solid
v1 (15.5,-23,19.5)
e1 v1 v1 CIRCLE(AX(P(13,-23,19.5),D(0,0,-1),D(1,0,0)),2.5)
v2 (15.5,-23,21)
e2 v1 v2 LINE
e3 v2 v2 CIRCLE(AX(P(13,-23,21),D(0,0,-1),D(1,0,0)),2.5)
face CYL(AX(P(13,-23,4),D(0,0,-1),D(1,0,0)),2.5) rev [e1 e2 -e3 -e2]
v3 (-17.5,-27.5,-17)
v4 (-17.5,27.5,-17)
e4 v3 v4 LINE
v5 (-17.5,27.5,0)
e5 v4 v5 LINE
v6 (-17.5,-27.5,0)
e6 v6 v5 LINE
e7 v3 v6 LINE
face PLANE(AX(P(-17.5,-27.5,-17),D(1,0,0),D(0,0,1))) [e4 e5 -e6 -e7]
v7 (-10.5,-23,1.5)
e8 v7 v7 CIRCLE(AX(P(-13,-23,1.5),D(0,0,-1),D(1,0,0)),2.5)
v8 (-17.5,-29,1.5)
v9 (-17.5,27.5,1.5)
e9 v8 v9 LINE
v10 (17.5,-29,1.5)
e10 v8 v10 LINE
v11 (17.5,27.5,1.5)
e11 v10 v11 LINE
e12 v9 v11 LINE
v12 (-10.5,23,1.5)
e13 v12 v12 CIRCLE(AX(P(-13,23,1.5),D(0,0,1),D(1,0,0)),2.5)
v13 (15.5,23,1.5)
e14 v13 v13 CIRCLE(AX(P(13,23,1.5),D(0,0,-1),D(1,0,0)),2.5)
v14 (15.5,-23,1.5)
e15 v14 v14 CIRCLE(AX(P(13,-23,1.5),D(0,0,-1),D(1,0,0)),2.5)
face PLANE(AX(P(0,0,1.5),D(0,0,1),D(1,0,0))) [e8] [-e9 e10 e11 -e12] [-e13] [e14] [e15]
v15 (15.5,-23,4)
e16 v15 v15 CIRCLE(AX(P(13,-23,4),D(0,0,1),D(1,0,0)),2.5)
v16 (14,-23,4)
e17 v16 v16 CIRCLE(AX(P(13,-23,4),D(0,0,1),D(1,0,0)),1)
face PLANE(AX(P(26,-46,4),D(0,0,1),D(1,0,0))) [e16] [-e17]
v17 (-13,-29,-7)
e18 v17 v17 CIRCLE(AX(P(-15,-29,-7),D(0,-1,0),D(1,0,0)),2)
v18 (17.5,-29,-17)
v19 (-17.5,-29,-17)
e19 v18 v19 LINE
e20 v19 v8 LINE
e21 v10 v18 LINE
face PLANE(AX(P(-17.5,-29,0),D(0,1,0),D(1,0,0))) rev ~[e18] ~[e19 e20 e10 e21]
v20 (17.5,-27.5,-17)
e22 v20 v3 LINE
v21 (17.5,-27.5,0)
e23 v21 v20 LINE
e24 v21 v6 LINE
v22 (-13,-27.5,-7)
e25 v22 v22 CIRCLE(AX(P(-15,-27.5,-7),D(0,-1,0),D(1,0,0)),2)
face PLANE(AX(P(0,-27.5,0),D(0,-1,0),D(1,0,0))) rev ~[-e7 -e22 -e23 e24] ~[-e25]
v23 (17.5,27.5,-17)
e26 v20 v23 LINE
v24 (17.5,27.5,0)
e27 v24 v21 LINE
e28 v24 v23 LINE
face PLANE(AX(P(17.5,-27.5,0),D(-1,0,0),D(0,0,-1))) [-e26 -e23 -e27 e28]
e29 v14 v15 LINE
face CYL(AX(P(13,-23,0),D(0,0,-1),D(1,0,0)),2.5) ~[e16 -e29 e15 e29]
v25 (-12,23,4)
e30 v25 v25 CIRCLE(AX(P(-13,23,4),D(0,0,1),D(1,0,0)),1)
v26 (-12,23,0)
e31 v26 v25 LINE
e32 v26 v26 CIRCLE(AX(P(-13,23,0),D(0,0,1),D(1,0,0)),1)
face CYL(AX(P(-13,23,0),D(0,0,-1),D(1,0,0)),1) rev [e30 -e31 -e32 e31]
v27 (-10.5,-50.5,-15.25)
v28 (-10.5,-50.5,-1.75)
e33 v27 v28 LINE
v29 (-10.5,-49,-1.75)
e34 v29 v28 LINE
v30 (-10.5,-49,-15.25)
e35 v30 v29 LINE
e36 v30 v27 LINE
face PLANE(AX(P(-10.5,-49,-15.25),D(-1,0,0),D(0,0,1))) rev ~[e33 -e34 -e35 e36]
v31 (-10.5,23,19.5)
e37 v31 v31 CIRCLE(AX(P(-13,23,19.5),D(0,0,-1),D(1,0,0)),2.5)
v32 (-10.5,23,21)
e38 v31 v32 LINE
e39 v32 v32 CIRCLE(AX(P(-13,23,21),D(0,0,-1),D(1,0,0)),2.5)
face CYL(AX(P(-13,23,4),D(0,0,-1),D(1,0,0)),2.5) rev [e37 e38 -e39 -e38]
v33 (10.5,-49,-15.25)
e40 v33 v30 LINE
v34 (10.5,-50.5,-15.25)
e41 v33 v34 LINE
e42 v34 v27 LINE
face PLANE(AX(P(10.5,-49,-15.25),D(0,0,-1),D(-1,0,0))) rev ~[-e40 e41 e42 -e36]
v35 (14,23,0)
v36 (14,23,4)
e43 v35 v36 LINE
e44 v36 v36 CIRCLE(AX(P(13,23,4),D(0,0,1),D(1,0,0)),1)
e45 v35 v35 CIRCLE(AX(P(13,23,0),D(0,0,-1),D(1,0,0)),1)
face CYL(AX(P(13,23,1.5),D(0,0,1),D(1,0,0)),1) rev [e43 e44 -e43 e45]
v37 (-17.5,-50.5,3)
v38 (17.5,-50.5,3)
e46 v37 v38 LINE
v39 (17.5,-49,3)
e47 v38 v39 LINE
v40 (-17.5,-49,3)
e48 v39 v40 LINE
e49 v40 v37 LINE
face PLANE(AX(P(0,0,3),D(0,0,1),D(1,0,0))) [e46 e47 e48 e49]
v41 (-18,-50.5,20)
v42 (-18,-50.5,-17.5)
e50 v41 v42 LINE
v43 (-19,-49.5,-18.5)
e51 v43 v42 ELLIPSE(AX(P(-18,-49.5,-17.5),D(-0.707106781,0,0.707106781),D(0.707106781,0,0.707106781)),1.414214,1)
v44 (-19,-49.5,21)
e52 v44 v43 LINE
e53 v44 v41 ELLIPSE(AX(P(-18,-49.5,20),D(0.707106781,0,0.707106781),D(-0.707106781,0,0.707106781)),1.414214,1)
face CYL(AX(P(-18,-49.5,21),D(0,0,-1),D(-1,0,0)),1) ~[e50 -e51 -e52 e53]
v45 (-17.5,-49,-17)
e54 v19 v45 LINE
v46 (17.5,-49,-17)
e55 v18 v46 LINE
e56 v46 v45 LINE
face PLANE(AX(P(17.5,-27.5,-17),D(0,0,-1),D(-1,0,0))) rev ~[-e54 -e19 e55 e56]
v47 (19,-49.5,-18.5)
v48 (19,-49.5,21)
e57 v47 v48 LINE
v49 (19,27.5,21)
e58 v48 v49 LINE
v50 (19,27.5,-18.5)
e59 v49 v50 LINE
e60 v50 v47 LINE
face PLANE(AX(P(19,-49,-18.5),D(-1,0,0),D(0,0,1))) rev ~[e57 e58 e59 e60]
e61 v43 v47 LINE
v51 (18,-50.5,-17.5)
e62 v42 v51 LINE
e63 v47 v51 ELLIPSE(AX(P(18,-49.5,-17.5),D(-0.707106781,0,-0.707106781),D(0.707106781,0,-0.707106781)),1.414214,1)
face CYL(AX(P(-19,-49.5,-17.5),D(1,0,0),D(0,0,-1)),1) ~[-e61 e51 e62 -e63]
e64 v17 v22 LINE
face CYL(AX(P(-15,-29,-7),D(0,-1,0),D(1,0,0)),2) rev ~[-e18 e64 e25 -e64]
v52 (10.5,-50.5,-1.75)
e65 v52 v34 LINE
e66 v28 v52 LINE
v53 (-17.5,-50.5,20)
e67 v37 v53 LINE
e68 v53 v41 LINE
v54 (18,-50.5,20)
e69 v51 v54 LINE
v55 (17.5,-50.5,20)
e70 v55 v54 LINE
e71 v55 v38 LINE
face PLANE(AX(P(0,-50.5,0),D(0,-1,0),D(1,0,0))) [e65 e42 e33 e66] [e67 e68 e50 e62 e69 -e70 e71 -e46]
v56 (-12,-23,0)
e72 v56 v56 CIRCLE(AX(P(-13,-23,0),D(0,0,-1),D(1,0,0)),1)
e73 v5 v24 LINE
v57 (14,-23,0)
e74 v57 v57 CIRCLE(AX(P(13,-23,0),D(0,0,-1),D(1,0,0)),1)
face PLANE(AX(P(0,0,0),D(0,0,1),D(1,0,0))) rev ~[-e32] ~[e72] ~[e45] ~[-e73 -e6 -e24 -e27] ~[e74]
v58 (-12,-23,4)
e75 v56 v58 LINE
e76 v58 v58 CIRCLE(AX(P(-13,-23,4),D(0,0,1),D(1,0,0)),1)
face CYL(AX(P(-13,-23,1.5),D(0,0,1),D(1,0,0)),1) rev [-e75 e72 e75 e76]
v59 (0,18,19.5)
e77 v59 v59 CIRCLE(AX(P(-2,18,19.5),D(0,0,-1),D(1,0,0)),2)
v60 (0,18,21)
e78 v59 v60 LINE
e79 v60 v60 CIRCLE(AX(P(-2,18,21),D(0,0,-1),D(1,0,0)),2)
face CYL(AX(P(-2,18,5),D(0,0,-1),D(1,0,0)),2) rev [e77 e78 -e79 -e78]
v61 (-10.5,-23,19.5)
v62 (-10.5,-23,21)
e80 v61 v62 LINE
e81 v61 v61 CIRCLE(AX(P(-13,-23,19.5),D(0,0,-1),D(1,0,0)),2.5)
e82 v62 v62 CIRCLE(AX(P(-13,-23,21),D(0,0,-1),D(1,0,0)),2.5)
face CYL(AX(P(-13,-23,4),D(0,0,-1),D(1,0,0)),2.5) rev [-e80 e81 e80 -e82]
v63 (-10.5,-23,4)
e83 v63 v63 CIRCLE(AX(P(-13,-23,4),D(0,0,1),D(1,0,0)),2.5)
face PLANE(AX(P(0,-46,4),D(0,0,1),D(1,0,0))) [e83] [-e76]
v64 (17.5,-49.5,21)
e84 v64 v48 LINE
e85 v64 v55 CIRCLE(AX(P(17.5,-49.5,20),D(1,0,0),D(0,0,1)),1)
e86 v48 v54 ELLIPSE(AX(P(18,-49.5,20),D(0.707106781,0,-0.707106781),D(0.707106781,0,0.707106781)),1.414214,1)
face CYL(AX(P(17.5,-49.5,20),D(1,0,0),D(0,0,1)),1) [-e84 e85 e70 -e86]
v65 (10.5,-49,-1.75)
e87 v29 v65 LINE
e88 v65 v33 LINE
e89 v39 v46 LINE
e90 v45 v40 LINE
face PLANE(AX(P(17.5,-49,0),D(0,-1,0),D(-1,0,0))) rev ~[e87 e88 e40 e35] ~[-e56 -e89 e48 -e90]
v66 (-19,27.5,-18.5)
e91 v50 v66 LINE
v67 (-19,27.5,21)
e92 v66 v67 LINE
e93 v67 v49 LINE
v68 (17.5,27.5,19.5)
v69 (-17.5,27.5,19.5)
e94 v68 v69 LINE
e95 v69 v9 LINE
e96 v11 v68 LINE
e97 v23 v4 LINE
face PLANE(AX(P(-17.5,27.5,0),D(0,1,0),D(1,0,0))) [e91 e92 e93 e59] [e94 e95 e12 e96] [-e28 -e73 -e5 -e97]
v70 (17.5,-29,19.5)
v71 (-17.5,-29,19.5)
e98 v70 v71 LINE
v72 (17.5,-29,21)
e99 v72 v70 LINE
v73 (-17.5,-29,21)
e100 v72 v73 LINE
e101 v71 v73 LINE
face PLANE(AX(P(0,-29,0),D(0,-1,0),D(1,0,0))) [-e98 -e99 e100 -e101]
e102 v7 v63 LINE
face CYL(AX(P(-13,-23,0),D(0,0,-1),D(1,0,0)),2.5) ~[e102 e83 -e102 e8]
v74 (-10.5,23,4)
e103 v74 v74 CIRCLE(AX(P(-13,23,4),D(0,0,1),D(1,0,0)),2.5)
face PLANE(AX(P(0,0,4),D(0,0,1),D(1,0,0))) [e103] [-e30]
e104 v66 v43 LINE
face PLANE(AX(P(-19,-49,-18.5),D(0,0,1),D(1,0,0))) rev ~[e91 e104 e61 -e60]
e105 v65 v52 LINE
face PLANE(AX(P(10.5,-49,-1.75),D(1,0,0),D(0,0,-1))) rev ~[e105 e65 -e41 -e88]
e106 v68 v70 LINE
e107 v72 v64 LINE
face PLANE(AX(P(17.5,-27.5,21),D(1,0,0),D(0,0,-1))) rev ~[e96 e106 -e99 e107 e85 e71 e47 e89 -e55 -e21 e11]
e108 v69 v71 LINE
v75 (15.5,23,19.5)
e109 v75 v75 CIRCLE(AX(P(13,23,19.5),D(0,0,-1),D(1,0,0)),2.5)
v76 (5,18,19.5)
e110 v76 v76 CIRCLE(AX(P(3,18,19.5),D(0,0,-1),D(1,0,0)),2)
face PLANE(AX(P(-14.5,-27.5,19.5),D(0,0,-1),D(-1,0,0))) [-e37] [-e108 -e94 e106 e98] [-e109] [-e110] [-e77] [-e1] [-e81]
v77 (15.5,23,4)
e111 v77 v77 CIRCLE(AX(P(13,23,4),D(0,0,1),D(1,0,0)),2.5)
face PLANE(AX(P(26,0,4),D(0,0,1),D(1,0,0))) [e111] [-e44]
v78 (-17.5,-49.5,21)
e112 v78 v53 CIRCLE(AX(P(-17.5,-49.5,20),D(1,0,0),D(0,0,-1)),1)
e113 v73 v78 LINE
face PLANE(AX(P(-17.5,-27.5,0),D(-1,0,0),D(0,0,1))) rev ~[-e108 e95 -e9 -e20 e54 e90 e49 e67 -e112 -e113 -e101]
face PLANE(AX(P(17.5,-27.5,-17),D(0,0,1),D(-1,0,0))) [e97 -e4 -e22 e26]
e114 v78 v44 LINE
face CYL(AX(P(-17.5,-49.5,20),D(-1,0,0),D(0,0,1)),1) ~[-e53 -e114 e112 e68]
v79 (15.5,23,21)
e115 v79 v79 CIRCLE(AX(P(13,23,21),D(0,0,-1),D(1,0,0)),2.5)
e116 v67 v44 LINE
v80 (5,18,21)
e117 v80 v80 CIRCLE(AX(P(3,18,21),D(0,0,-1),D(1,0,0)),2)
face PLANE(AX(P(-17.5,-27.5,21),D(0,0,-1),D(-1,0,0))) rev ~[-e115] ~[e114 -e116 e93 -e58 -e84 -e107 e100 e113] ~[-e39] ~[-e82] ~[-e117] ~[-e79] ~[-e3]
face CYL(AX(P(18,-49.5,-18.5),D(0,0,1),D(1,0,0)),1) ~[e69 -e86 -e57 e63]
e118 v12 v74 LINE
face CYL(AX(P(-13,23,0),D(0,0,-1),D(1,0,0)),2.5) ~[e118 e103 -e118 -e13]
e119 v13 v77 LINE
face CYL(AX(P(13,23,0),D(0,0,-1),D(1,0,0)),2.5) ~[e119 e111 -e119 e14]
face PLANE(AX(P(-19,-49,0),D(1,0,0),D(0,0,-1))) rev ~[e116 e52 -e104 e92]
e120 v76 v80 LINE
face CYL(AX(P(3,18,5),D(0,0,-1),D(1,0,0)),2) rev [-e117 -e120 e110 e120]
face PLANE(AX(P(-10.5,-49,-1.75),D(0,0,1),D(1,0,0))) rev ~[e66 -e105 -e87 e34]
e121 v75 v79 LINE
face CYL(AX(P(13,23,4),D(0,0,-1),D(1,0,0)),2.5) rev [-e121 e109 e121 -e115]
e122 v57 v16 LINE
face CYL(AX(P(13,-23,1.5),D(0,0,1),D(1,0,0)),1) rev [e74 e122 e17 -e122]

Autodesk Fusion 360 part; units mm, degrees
sketch "Sketch1" plane through (0, 0, 0) normal (0, 0, 1) x (1, 0, 0)
  line L0 (0, 50) -> (0, -40) construction
  line L1 (-50, 0) -> (45, 0) construction
  line L2 (-17.5, 27.5) -> (17.5, 27.5)
  line L3 (17.5, 27.5) -> (17.5, -27.5)
  line L4 (17.5, -27.5) -> (-17.5, -27.5)
  line L5 (-17.5, -27.5) -> (-17.5, 27.5)
  line L6 (-13, 23) -> (13, 23) construction
  line L7 (13, 23) -> (13, -23) construction
  line L8 (13, -23) -> (-13, -23) construction
  line L9 (-13, -23) -> (-13, 23) construction
  circle A0 centre (-13, 23) radius 2.5
  circle A1 centre (-13, 23) radius 1
  line L10 (-13, 23) -> (-2, 23) construction
  line L11 (-2, 23) -> (-2, 18) construction
  line L12 (-2, 18) -> (-13, 18) construction
  line L13 (-13, 18) -> (-13, 23) construction
  circle A2 centre (-2, 18) radius 2
  dimension "d1" = 35
  dimension "d2" = 55
  dimension "d3" = 17.5
  dimension "d4" = 27.5
  dimension "d5" = 26
  dimension "d6" = 46
  dimension "d7" = 13
  dimension "d8" = 23
  dimension "d9" = 5
  dimension "d10" = 2
  dimension "d63" = 11
  dimension "d64" = 5
  dimension "d65" = 4
extrude "Extrude1" add sketch "Sketch1" along normal blind 4 contours A0 makes body 1
pattern_linear "R-Pattern1" count 2 spacing 46 along (0, -1, 0) count 2 spacing 26 along (1, 0, 0) of bodies 1 makes body 2 at (-10.5031, -23.1246, 2.6667) makes body 3 at (15.4969, 22.8754, 2.6667) makes body 4 at (15.4969, -23.1246, 2.6667)
extrude "Extrude2" add sketch "Sketch1" along normal blind 1.5 separate body contours L2 L3 L4 L5 | A2 makes body 5
sketch "Sketch2" plane through (0, -27.5, 0) normal (0, -1, 0) x (1, 0, 0)
  line L0 (-17.5, 0) -> (17.5, 0)
  line L1 (17.5, 0) -> (17.5, 1.5)
  line L2 (17.5, 1.5) -> (-17.5, 1.5)
  line L3 (-17.5, 1.5) -> (-17.5, 0)
  line L4 (-17.5, 0) -> (17.5, 0)
  line L5 (17.5, 0) -> (17.5, 19.5)
  line L6 (17.5, 19.5) -> (-17.5, 19.5)
  line L7 (-17.5, 19.5) -> (-17.5, 0)
  line L8 (-19, 21) -> (19, 21)
  line L9 (19, 21) -> (19, 0)
  line L10 (19, 0) -> (-19, 0)
  line L11 (-19, 0) -> (-19, 21)
  line L12 (17.5, 0) -> (-17.5, 0)
  line L13 (-17.5, 0) -> (17.5, 0)
  line L14 (17.5, 0) -> (17.5, -17)
  line L15 (17.5, -17) -> (-17.5, -17)
  line L16 (-17.5, -17) -> (-17.5, 0)
  line L17 (-19, 0) -> (19, 0)
  line L18 (19, 0) -> (19, -18.5)
  line L19 (19, -18.5) -> (-19, -18.5)
  line L20 (-19, -18.5) -> (-19, 0)
  line L21 (-20.5, -19.25) -> (20.5, -19.25)
  line L22 (20.5, -19.25) -> (20.5, 21.75)
  line L23 (20.5, 21.75) -> (-20.5, 21.75)
  line L24 (-20.5, 21.75) -> (-20.5, -19.25)
  line L25 (-19, -17.75) -> (19, -17.75)
  line L26 (19, -17.75) -> (19, 20.25)
  line L27 (19, 20.25) -> (-19, 20.25)
  line L28 (-19, 20.25) -> (-19, -17.75)
  line L29 (-21.5, -20.25) -> (21.5, -20.25)
  line L30 (21.5, -20.25) -> (21.5, 22.75)
  line L31 (21.5, 22.75) -> (-21.5, 22.75)
  line L32 (-21.5, 22.75) -> (-21.5, -20.25)
  line L33 (-18.5, 15) -> (-18.5, 26)
  line L34 (14.5, 15) -> (14.5, 25)
  line L35 (-23.5, -22.25) -> (23.5, -22.25)
  line L36 (23.5, -22.25) -> (23.5, 24.75)
  line L37 (23.5, 24.75) -> (-23.5, 24.75)
  line L38 (-23.5, 24.75) -> (-23.5, -22.25)
  line L39 (-14.5, 15) -> (-14.5, 32)
  dimension "d19" = 35
  dimension "d20" = 19.5
  dimension "d22" = 1.5
  dimension "d23" = 1.5
  dimension "d24" = 1.5
  dimension "d25" = 17
  dimension "d83" = 1.5
  dimension "d86" = 3
  dimension "d88" = 2.25
  dimension "d90" = 2.25
  dimension "d91" = 1.5
  dimension "d92" = 1.5
  dimension "d93" = 1.5
  dimension "d94" = 1.5
  dimension "d100" = 1
  dimension "d101" = 1
  dimension "d102" = 1
  dimension "d103" = 1
  dimension "d104" = 2
  dimension "d105" = 6
  dimension "d112" = 2
  dimension "d113" = 2
  dimension "d114" = 2
  dimension "d115" = 2
  dimension "d118" = 3
  dimension "d119" = 3
extrude "Extrude3" add sketch "Sketch2" against normal blind 55 contours L3 L6 L7 L10 L11 L17 L27 L28 L39 | L10 L14 L15 L16 L17 L18 L20 L25 L26 L28 | L1 L5 L6 L9 L10 L17 L26 L27 L34 | L8 L11 L27 L33 | L18 L19 L20 L25 | L8 L9 L27 L34 | L6 L27 L34 L39 | L8 L27 L33 L39 | L8 L27 L34 L39 bodies 5
extrude "Extrude4" add sketch "Sketch2" along normal blind 1.5 separate body contours L0 L4 L10 L12 L13 L14 L15 L16 L17 makes body 6
extrude "Extrude5" add sketch "Sketch2" along normal blind 21.5 contours L10 L14 L15 L16 L17 L18 L20 L25 L26 L28 | L18 L19 L20 L25 bodies 5 6
sketch "Sketch3" plane through (0, -49, 0) normal (0, -1, 0) x (1, 0, 0)
  line L0 (17.5, 0) -> (17.5, -17)
  line L1 (17.5, -17) -> (-17.5, -17)
  line L2 (-17.5, -17) -> (-17.5, 0)
  line L3 (-17.5, 0) -> (-19, 0)
  line L4 (-19, 0) -> (-19, -18.5)
  line L5 (-19, -18.5) -> (19, -18.5)
  line L6 (19, -18.5) -> (19, 0)
  line L7 (19, 0) -> (17.5, 0)
  line L8 (-19, 0) -> (19, 0)
  line L9 (19, 0) -> (19, -18.5)
  line L10 (19, -18.5) -> (-19, -18.5)
  line L11 (-19, -18.5) -> (-19, 0)
  line L12 (-46.8165, -8.5) -> (11.8165, -8.5) construction
  line L13 (-17.5, -17) -> (-17.5, 0) construction
  line L14 (0, -10.2369) -> (0, -23.7631) construction
  line L15 (17.5, -17) -> (-17.5, -17) construction
  line L16 (-10.5, -1.75) -> (10.5, -1.75)
  line L17 (10.5, -1.75) -> (10.5, -15.25)
  line L18 (10.5, -15.25) -> (-10.5, -15.25)
  line L19 (-10.5, -15.25) -> (-10.5, -1.75)
  dimension "d32" = 21
  dimension "d33" = 13.5
  dimension "d34" = 10.5
  dimension "d35" = 6.75
extrude "Extrude6" add sketch "Sketch3" along normal blind 1.5 separate body makes body 7
sketch "Sketch4" plane through (0, 0, 4) normal (0, 0, 1) x (1, 0, 0)
  circle A0 centre (-13, 23) radius 1
  circle A1 centre (-13, 23) radius 2.5
extrude "Extrude8" add sketch "Sketch4" along normal blind 20 separate body contours A0 | A1 makes body 8
pattern_linear "R-Pattern2" count 2 spacing 46 along (0, -1, 0) count 2 spacing 26 along (1, 0, 0) of bodies 8 makes body 9 at (-10.5031, -23.1246, 17.3333) makes body 10 at (15.4969, 22.8754, 17.3333) makes body 11 at (15.4969, -23.1246, 17.3333)
combine "Combine1" operation cut target body 5 tool bodies 11 10 9 8
sketch "Sketch5" plane through (0, -27.5, 0) normal (0, -1, 0) x (1, 0, 0)
  line L0 (-19, 0) -> (-17.5, 0)
  line L1 (-17.5, 0) -> (-17.5, 21)
  line L2 (-17.5, 21) -> (-19, 21)
  line L3 (-19, 21) -> (-19, 0)
  line L4 (-19, 21) -> (19, 21)
  line L5 (17.5, 0) -> (19, 0)
  line L6 (19, 0) -> (19, 21)
  line L7 (19, 21) -> (17.5, 21)
  line L8 (17.5, 21) -> (17.5, 0)
  point P0 (-19, 0)
  point P1 (17.5, 0)
extrude "Extrude9" add sketch "Sketch5" along normal blind 23 bodies 7 5
sketch "Sketch6" plane through (0, 0, 0) normal (0, 0, 1) x (1, 0, 0)
  line L0 (-17.5, -27.5) -> (-17.5, -29)
  line L1 (-17.5, -29) -> (17.5, -29)
  line L2 (17.5, -29) -> (17.5, -27.5)
  line L3 (17.5, -27.5) -> (-17.5, -27.5)
extrude "Extrude10" add sketch "Sketch6" along normal blind 1.5 bodies 7
sketch "Sketch7" plane through (0, -29, 0) normal (0, -1, 0) x (1, 0, 0)
  line L0 (-17.5, -17) -> (17.5, -17)
  line L1 (17.5, -17) -> (17.5, 1.5)
  line L2 (17.5, 1.5) -> (-17.5, 1.5)
  line L3 (-17.5, 1.5) -> (-17.5, -17)
  circle A0 centre (-15, -7) radius 2
  dimension "d50" = 4
extrude "Extrude11" cut sketch "Sketch7" against normal blind 3 contours A0 bodies 7
sketch "Sketch8" plane through (0, 0, 0) normal (0, 0, 1) x (1, 0, 0)
  line L0 (-17.5, -49) -> (-17.5, -50.5)
  line L1 (-17.5, -50.5) -> (17.5, -50.5)
  line L2 (17.5, -50.5) -> (17.5, -49)
  line L3 (17.5, -49) -> (-17.5, -49)
extrude "Extrude12" add sketch "Sketch8" along normal blind 3 bodies 7
extrude "Extrude13" add sketch "Sketch2" along normal blind 1.5 contours L3 L6 L7 L10 L11 L17 L27 L28 L39 | L1 L5 L6 L9 L10 L17 L26 L27 L34 | L8 L11 L27 L33 | L8 L9 L27 L34 | L6 L27 L34 L39 | L8 L27 L33 L39 | L8 L27 L34 L39 bodies 7
combine "Combine2" operation add target body 7 tool bodies 4 3 2 1
extrude "Extrude14" add 1 faces at (-13.5412, -23.1083, 1.5) along direction (0, 0, -1) blind 1.5 separate body on bodies 7 makes body 12
pattern_linear "R-Pattern3" count 2 spacing 46 along (0, 1, 0) count 2 spacing 26 along (1, 0, 0) of bodies 12 makes body 13 at (-12.0012, 23.0498, 0.5) makes body 14 at (13.9988, -22.9502, 0.5) makes body 15 at (13.9988, 23.0498, 0.5)
combine "Combine3" operation cut target body 7 tool bodies 12 13 14 15
extrude "Extrude15" add sketch "Sketch1" along normal blind 20 separate body contours A2 makes body 16
pattern_linear "R-Pattern4" count 2 spacing 5 along (1, 0, 0) of bodies 16 makes body 17
move_body "Move1" bodies 16 17 to x (1, 0, 0) y (0, 1, 0) z (0, 0, 1) at (0, 0, 5)
combine "Combine4" operation cut target body 7 tool bodies 16 17
fillet "Fillet1" radius 1 2 edges at (-18.25, -50.5, 21) (18.25, -50.5, 21) on bodies 7
fillet "Fillet1" radius 1 1 edges at (0, -50.5, -18.5) on bodies 7
fillet "Fillet1" radius 1 2 edges at (19, -50.5, 1.25) (-19, -50.5, 1.25) on bodies 7
extrude "Extrude23" add sketch "Sketch2" along normal blind 10 separate body contours L8 L9 L11 L18 L19 L20 L21 L22 L23 L24 L26 L28 L33 L34 | L8 L11 L27 L33 | L18 L19 L20 L25 | L8 L9 L27 L34 makes body 18
extrude "Extrude24" add sketch "Sketch2" against normal blind 3 contours L8 L9 L11 L18 L19 L20 L21 L22 L23 L24 L26 L28 L33 L34 | L8 L11 L27 L33 | L18 L19 L20 L25 | L8 L9 L27 L34 bodies 18
extrude "Extrude25" add sketch "Sketch2" against normal blind 3 contours L21 L22 L23 L24 L29 L30 L31 L32 L33 L34 bodies 18
extrude "Extrude26" add sketch "Sketch2" against normal blind 20 contours L31 L33 L37 L39 | L29 L30 L31 L32 L33 L34 L35 L36 L37 L38 | L31 L34 L37 L39 bodies 18
extrude "Extrude27" cut sketch "Sketch2" against normal blind 15 contours L31 L33 L37 L39 | L31 L34 L37 L39 bodies 18
hidden bodies 18
equation "d3 = d1 / 2"
equation "d4 = d2 / 2"
equation "d7 = d5 / 2"
equation "d8 = d6 / 2"
equation "e = 1.5 mm"
equation "d22 = e"
equation "d23 = e"
equation "d24 = e"
equation "d26 = -d2"
equation "d28 = e"
equation "d30 = 20 mm + e"
equation "d34 = d32 / 2"
equation "d35 = ( d33 / 2 )"
equation "d36 = e"
equation "d46 = 20 mm + 2 * e"
equation "d48 = e"
equation "d55 = e"
equation "d57 = -e"
equation "d83 = e"
equation "L = 41 mm"
equation "e2 = 2 mm"
equation "d86 = ( L - d19 ) / 2"
equation "d88 = ( L - d20 - d25 ) / 2"
equation "d90 = ( L - d20 - d25 ) / 2"
equation "d91 = e"
equation "d92 = e"
equation "d93 = e"
equation "d94 = e"
equation "LB = 43 mm"
equation "d100 = ( LB - L ) / 2"
equation "d101 = ( LB - L ) / 2"
equation "d102 = ( LB - L ) / 2"
equation "d103 = ( LB - L ) / 2"
equation "d112 = e2"
equation "d113 = e2"
equation "d114 = e2"
equation "d115 = e2"
equation "d119 = ( L - d19 ) / 2"
